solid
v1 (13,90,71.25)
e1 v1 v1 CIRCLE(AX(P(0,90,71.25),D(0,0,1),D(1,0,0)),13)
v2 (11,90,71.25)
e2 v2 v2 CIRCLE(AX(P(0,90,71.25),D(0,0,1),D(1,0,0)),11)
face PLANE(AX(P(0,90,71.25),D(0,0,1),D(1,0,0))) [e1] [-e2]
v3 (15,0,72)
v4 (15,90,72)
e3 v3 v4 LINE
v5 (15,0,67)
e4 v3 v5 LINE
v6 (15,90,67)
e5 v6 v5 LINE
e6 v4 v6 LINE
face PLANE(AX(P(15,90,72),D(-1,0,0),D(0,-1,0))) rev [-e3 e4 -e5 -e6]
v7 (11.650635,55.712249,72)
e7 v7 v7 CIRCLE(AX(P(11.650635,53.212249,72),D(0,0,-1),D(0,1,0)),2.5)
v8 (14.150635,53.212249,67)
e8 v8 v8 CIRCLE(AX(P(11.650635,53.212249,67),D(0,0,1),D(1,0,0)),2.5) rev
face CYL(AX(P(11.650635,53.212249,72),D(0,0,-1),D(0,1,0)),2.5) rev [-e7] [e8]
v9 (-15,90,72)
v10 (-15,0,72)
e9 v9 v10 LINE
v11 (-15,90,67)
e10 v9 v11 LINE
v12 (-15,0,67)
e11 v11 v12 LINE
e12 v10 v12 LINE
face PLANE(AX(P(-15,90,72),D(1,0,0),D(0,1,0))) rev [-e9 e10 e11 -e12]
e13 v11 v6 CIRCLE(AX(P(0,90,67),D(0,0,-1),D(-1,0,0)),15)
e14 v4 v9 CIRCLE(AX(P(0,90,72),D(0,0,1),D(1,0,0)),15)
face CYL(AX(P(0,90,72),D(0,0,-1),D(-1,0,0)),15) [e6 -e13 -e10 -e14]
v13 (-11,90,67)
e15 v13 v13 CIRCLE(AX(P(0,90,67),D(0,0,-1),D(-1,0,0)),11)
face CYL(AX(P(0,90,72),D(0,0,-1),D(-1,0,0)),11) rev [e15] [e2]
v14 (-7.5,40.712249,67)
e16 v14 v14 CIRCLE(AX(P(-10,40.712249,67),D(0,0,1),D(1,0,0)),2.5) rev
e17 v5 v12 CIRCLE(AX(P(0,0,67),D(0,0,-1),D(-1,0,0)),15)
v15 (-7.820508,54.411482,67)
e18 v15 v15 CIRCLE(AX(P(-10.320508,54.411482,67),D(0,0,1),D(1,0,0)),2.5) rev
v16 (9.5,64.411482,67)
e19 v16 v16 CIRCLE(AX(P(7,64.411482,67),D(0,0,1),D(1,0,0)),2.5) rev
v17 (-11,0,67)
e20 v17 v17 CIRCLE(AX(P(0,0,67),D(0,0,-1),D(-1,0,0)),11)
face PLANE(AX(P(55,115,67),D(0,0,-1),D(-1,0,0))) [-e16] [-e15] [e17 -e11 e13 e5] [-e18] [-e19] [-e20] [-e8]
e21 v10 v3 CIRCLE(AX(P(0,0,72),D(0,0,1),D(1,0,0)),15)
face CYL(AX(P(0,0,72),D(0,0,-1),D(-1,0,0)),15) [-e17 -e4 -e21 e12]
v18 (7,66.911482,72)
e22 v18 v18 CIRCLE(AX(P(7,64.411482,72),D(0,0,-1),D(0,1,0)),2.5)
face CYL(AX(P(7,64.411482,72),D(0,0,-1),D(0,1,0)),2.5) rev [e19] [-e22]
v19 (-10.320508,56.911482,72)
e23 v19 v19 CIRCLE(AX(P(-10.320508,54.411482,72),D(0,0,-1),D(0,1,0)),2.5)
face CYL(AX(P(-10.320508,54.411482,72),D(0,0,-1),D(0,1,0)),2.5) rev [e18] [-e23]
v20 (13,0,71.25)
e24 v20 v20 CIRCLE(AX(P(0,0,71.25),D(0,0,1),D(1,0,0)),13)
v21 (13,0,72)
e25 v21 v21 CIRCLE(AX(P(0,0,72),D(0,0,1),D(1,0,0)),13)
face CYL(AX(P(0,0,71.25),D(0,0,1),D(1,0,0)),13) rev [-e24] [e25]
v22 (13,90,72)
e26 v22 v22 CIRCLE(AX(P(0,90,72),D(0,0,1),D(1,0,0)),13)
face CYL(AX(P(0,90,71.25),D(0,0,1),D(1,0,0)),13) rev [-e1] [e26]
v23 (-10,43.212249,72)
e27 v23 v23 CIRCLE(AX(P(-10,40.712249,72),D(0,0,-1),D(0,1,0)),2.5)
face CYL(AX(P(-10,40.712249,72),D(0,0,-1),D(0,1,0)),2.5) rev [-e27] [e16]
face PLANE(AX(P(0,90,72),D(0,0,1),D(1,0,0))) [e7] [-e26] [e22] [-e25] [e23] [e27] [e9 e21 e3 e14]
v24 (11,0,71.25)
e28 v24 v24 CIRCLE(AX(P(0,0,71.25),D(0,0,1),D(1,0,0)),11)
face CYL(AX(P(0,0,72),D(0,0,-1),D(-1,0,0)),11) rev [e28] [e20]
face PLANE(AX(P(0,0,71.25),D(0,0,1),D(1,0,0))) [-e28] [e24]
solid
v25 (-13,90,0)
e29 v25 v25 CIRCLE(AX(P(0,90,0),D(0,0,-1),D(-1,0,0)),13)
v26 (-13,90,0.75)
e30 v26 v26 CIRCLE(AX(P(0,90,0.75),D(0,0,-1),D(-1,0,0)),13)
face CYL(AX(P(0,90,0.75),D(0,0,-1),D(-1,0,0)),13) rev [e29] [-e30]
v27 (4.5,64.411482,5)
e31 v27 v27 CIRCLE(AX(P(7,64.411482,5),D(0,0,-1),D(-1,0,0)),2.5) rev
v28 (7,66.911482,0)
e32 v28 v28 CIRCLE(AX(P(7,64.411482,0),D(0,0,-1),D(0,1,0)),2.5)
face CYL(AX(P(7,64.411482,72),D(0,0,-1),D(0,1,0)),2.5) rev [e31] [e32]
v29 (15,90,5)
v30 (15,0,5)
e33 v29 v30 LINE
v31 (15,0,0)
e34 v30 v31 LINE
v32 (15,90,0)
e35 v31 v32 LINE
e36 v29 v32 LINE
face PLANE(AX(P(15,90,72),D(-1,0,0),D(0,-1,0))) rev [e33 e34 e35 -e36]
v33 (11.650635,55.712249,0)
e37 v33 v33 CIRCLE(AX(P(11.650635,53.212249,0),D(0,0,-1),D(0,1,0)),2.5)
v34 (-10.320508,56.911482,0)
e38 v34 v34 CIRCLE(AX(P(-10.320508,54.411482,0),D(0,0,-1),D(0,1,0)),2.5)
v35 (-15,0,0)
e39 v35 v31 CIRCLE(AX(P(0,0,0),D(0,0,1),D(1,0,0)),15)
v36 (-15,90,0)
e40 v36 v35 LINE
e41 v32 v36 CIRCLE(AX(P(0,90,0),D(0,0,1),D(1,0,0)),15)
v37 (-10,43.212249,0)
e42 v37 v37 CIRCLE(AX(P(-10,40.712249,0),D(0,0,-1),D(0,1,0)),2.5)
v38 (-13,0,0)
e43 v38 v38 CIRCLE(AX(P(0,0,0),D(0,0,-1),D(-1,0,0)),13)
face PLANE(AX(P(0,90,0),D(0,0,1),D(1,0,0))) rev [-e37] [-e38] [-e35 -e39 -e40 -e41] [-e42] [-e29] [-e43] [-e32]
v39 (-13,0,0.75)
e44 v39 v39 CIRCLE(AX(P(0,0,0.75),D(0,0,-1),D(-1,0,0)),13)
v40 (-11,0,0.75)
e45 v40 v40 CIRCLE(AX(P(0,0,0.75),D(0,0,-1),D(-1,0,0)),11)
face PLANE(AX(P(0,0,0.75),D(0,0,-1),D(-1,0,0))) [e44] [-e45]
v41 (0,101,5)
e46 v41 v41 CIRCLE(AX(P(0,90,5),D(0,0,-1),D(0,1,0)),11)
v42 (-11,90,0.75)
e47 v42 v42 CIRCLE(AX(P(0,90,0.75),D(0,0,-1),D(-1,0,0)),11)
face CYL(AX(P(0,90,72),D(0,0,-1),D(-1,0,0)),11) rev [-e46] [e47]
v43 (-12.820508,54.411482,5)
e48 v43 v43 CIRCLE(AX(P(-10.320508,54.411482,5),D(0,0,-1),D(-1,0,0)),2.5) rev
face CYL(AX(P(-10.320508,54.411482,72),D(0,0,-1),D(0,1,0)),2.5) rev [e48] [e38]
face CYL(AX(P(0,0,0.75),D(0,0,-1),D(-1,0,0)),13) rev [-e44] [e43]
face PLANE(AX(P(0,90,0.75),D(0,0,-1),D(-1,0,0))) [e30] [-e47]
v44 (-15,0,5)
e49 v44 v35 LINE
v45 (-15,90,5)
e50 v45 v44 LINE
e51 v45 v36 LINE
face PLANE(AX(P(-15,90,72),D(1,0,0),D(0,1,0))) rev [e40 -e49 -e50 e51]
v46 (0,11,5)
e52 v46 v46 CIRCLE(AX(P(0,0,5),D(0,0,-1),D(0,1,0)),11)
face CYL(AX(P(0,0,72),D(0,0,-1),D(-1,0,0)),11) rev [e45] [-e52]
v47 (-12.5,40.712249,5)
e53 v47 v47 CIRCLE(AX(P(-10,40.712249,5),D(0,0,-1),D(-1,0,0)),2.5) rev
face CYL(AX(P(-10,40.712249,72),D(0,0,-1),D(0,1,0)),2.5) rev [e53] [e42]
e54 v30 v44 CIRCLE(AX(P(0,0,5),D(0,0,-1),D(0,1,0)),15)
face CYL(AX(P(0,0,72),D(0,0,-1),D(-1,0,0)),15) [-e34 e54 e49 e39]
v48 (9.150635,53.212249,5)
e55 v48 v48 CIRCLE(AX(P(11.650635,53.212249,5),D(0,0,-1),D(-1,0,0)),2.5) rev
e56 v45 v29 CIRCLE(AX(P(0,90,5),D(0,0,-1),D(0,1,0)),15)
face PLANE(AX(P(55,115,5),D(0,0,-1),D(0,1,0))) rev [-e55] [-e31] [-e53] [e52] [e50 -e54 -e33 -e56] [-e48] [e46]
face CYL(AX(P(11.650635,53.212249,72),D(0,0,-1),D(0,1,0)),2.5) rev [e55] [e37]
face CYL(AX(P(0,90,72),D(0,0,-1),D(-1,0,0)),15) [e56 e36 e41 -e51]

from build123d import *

# Parameters (mm, degrees)
SKETCH_1_R               = 11
EXTRUDE_1_DEPTH          = 72
SKETCH_2_W               = 62
SKETCH_2_H               = 70
SKETCH_2_H_2             = 67.94057246
CUT_EXTRUDE_1_DEPTH      = 70
EXTRUDE_2_DEPTH          = 62
EXTRUDE_3_DEPTH          = 62
CUT_EXTRUDE_3_DEPTH      = 130.811063026
CUT_EXTRUDE_3_DEPTH_BACK = 130.811063026
SKETCH_6_R               = 2.5
CUT_EXTRUDE_4_DEPTH      = 136.359998088
CUT_EXTRUDE_4_DEPTH_BACK = 136.359998088
SKETCH_7_W               = 62
SKETCH_7_H               = 120
SKETCH_8_R               = 13
CUT_EXTRUDE_5_DEPTH      = 0.75
SKETCH_9_R               = 13
CUT_EXTRUDE_6_DEPTH      = 0.75
SKETCH_12_R              = 13
CUT_EXTRUDE_7_DEPTH      = 0.75
SKETCH_13_R              = 13
CUT_EXTRUDE_8_DEPTH      = 0.75


with BuildPart() as part:
    # 草图1 → 凸台-拉伸1 (new body)
    with BuildSketch(Plane.XY):
        with BuildLine():
            Line((-15, 90), (-15, 0))
            ThreePointArc((-15, 0), (0, -15), (15, 0))
            Line((15, 0), (15, 90))
            ThreePointArc((15, 90), (0, 105), (-15, 90))
        make_face()
        Circle(SKETCH_1_R, mode=Mode.SUBTRACT)
        with Locations((0, 90)):
            Circle(SKETCH_1_R, mode=Mode.SUBTRACT)
    extrude(amount=EXTRUDE_1_DEPTH)

    # 草图2 → 切除-拉伸1 (cut)
    with BuildSketch(Plane.ZY.offset(15)):
        with Locations((36, 80)):
            Rectangle(SKETCH_2_W, SKETCH_2_H)
        with Locations((36, 11.02971377)):
            Rectangle(SKETCH_2_W, SKETCH_2_H_2)
    extrude(amount=-CUT_EXTRUDE_1_DEPTH, mode=Mode.SUBTRACT)


with BuildPart() as cut_extrude_1_piece_1:
    # of the separate pieces the step leaves, piece 1, a body of its own (cut_extrude_1_pieces)
    add(part.part.solids().sort_by_distance((15, 0, 0))[0])



with BuildPart() as cut_extrude_1_piece_2:
    # of the separate pieces the step leaves, piece 2, a body of its own (cut_extrude_1_pieces)
    add(part.part.solids().sort_by_distance((15, 0, 67))[0])


with BuildPart() as cut_extrude_1_piece_1_1:
    add(cut_extrude_1_piece_1.part)

    add(cut_extrude_1_piece_2.part)  # 凸台-拉伸2 merges 切除-拉伸1 piece 2
    # 草图4 → 凸台-拉伸2 (add)
    with BuildSketch(Plane(origin=(0, 0, 67), x_dir=(-1, 0, 0), z_dir=(0, 0, -1))):
        with BuildLine():
            Line((-4.490156776, 68.758657712), (15, 57.50601045))
            Line((15, 57.50601045), (36.319312502, 12.911360415))
            ThreePointArc((36.319312502, 12.911360415), (35.142094618, 9.577570071), (31.808304274, 10.754787955))
            Line((31.808304274, 10.754787955), (15, 45.913541163))
            Line((15, 45.913541163), (-9.509843224, 60.064305746))
            ThreePointArc((-9.509843224, 60.064305746), (-11.347175983, 66.921324953), (-4.490156776, 68.758657712))
        make_face()
    extrude(amount=EXTRUDE_2_DEPTH)

    # 草图5 → 凸台-拉伸3 (add)
    with BuildSketch(Plane(origin=(0, 0, 67), x_dir=(-1, 0, 0), z_dir=(0, 0, -1))):
        with BuildLine():
            Line((-30.017605928, 49.094069219), (-15, 60.919508718))
            Line((-15, 60.919508718), (12.5, 45.042376315))
            ThreePointArc((12.5, 45.042376315), (14.330127019, 38.212249296), (7.5, 36.382122277))
            Line((7.5, 36.382122277), (-15, 49.372503334))
            Line((-15, 49.372503334), (-27.615908762, 44.780688066))
            ThreePointArc((-27.615908762, 44.780688066), (-30.655195979, 45.913733224), (-30.017605928, 49.094069219))
        make_face()
    extrude(amount=EXTRUDE_3_DEPTH)

    # 草图6 → 切除-拉伸3 (cut, two sides: drawn at the far end of the back side and taken through both)
    with BuildSketch(Plane(origin=(0, 0, 67), x_dir=(-1, 0, 0), z_dir=(0, 0, -1)).offset(-CUT_EXTRUDE_3_DEPTH_BACK)):
        with Locations(Location((-7, 64.411481729, 0), (0, 0, 90))):
            Circle(SKETCH_6_R)
        with Locations(Location((-11.650635095, 53.212249296, 0), (0, 0, 90))):
            Circle(SKETCH_6_R)
        with Locations(Location((10, 40.712249296, 0), (0, 0, 90))):
            Circle(SKETCH_6_R)
        with Locations(Location((10.320508076, 54.411481729, 0), (0, 0, 90))):
            Circle(SKETCH_6_R)
    extrude(amount=CUT_EXTRUDE_3_DEPTH + CUT_EXTRUDE_3_DEPTH_BACK, mode=Mode.SUBTRACT)

    # 草图7 → 切除-拉伸4 (cut, two sides: drawn at the far end of the back side and taken through both)
    with BuildSketch(Plane.ZY.offset(15).offset(-CUT_EXTRUDE_4_DEPTH_BACK)):
        with Locations((36, 45)):
            Rectangle(SKETCH_7_W, SKETCH_7_H)
    extrude(amount=CUT_EXTRUDE_4_DEPTH + CUT_EXTRUDE_4_DEPTH_BACK, mode=Mode.SUBTRACT)


with BuildPart() as cut_extrude_4_piece_1:
    # of the separate pieces the step leaves, piece 1, a body of its own (cut_extrude_4_pieces)
    add(cut_extrude_1_piece_1_1.part.solids().sort_by_distance((-15, 90, 5))[0])

    # 草图9 → 切除-拉伸6 (cut)
    with BuildSketch(Plane(origin=(0, 0, 0), x_dir=(-1, 0, 0), z_dir=(0, 0, -1))):
        Circle(SKETCH_9_R)
    extrude(amount=-CUT_EXTRUDE_6_DEPTH, mode=Mode.SUBTRACT)

    # 草图13 → 切除-拉伸8 (cut)
    with BuildSketch(Plane(origin=(0, 0, 0), x_dir=(-1, 0, 0), z_dir=(0, 0, -1))):
        with Locations((0, 90)):
            Circle(SKETCH_13_R)
    extrude(amount=-CUT_EXTRUDE_8_DEPTH, mode=Mode.SUBTRACT)


with BuildPart() as cut_extrude_4_piece_2:
    # of the separate pieces the step leaves, piece 2, a body of its own (cut_extrude_4_pieces)
    add(cut_extrude_1_piece_1_1.part.solids().sort_by_distance((15, 0, 67))[0])

    # 草图8 → 切除-拉伸5 (cut)
    with BuildSketch(Plane.XY.offset(72)):
        Circle(SKETCH_8_R)
    extrude(amount=-CUT_EXTRUDE_5_DEPTH, mode=Mode.SUBTRACT)

    # 草图12 → 切除-拉伸7 (cut)
    with BuildSketch(Plane.XY.offset(72)):
        with Locations((0, 90)):
            Circle(SKETCH_12_R)
    extrude(amount=-CUT_EXTRUDE_7_DEPTH, mode=Mode.SUBTRACT)


solid = Compound([cut_extrude_4_piece_1.part, cut_extrude_4_piece_2.part])
